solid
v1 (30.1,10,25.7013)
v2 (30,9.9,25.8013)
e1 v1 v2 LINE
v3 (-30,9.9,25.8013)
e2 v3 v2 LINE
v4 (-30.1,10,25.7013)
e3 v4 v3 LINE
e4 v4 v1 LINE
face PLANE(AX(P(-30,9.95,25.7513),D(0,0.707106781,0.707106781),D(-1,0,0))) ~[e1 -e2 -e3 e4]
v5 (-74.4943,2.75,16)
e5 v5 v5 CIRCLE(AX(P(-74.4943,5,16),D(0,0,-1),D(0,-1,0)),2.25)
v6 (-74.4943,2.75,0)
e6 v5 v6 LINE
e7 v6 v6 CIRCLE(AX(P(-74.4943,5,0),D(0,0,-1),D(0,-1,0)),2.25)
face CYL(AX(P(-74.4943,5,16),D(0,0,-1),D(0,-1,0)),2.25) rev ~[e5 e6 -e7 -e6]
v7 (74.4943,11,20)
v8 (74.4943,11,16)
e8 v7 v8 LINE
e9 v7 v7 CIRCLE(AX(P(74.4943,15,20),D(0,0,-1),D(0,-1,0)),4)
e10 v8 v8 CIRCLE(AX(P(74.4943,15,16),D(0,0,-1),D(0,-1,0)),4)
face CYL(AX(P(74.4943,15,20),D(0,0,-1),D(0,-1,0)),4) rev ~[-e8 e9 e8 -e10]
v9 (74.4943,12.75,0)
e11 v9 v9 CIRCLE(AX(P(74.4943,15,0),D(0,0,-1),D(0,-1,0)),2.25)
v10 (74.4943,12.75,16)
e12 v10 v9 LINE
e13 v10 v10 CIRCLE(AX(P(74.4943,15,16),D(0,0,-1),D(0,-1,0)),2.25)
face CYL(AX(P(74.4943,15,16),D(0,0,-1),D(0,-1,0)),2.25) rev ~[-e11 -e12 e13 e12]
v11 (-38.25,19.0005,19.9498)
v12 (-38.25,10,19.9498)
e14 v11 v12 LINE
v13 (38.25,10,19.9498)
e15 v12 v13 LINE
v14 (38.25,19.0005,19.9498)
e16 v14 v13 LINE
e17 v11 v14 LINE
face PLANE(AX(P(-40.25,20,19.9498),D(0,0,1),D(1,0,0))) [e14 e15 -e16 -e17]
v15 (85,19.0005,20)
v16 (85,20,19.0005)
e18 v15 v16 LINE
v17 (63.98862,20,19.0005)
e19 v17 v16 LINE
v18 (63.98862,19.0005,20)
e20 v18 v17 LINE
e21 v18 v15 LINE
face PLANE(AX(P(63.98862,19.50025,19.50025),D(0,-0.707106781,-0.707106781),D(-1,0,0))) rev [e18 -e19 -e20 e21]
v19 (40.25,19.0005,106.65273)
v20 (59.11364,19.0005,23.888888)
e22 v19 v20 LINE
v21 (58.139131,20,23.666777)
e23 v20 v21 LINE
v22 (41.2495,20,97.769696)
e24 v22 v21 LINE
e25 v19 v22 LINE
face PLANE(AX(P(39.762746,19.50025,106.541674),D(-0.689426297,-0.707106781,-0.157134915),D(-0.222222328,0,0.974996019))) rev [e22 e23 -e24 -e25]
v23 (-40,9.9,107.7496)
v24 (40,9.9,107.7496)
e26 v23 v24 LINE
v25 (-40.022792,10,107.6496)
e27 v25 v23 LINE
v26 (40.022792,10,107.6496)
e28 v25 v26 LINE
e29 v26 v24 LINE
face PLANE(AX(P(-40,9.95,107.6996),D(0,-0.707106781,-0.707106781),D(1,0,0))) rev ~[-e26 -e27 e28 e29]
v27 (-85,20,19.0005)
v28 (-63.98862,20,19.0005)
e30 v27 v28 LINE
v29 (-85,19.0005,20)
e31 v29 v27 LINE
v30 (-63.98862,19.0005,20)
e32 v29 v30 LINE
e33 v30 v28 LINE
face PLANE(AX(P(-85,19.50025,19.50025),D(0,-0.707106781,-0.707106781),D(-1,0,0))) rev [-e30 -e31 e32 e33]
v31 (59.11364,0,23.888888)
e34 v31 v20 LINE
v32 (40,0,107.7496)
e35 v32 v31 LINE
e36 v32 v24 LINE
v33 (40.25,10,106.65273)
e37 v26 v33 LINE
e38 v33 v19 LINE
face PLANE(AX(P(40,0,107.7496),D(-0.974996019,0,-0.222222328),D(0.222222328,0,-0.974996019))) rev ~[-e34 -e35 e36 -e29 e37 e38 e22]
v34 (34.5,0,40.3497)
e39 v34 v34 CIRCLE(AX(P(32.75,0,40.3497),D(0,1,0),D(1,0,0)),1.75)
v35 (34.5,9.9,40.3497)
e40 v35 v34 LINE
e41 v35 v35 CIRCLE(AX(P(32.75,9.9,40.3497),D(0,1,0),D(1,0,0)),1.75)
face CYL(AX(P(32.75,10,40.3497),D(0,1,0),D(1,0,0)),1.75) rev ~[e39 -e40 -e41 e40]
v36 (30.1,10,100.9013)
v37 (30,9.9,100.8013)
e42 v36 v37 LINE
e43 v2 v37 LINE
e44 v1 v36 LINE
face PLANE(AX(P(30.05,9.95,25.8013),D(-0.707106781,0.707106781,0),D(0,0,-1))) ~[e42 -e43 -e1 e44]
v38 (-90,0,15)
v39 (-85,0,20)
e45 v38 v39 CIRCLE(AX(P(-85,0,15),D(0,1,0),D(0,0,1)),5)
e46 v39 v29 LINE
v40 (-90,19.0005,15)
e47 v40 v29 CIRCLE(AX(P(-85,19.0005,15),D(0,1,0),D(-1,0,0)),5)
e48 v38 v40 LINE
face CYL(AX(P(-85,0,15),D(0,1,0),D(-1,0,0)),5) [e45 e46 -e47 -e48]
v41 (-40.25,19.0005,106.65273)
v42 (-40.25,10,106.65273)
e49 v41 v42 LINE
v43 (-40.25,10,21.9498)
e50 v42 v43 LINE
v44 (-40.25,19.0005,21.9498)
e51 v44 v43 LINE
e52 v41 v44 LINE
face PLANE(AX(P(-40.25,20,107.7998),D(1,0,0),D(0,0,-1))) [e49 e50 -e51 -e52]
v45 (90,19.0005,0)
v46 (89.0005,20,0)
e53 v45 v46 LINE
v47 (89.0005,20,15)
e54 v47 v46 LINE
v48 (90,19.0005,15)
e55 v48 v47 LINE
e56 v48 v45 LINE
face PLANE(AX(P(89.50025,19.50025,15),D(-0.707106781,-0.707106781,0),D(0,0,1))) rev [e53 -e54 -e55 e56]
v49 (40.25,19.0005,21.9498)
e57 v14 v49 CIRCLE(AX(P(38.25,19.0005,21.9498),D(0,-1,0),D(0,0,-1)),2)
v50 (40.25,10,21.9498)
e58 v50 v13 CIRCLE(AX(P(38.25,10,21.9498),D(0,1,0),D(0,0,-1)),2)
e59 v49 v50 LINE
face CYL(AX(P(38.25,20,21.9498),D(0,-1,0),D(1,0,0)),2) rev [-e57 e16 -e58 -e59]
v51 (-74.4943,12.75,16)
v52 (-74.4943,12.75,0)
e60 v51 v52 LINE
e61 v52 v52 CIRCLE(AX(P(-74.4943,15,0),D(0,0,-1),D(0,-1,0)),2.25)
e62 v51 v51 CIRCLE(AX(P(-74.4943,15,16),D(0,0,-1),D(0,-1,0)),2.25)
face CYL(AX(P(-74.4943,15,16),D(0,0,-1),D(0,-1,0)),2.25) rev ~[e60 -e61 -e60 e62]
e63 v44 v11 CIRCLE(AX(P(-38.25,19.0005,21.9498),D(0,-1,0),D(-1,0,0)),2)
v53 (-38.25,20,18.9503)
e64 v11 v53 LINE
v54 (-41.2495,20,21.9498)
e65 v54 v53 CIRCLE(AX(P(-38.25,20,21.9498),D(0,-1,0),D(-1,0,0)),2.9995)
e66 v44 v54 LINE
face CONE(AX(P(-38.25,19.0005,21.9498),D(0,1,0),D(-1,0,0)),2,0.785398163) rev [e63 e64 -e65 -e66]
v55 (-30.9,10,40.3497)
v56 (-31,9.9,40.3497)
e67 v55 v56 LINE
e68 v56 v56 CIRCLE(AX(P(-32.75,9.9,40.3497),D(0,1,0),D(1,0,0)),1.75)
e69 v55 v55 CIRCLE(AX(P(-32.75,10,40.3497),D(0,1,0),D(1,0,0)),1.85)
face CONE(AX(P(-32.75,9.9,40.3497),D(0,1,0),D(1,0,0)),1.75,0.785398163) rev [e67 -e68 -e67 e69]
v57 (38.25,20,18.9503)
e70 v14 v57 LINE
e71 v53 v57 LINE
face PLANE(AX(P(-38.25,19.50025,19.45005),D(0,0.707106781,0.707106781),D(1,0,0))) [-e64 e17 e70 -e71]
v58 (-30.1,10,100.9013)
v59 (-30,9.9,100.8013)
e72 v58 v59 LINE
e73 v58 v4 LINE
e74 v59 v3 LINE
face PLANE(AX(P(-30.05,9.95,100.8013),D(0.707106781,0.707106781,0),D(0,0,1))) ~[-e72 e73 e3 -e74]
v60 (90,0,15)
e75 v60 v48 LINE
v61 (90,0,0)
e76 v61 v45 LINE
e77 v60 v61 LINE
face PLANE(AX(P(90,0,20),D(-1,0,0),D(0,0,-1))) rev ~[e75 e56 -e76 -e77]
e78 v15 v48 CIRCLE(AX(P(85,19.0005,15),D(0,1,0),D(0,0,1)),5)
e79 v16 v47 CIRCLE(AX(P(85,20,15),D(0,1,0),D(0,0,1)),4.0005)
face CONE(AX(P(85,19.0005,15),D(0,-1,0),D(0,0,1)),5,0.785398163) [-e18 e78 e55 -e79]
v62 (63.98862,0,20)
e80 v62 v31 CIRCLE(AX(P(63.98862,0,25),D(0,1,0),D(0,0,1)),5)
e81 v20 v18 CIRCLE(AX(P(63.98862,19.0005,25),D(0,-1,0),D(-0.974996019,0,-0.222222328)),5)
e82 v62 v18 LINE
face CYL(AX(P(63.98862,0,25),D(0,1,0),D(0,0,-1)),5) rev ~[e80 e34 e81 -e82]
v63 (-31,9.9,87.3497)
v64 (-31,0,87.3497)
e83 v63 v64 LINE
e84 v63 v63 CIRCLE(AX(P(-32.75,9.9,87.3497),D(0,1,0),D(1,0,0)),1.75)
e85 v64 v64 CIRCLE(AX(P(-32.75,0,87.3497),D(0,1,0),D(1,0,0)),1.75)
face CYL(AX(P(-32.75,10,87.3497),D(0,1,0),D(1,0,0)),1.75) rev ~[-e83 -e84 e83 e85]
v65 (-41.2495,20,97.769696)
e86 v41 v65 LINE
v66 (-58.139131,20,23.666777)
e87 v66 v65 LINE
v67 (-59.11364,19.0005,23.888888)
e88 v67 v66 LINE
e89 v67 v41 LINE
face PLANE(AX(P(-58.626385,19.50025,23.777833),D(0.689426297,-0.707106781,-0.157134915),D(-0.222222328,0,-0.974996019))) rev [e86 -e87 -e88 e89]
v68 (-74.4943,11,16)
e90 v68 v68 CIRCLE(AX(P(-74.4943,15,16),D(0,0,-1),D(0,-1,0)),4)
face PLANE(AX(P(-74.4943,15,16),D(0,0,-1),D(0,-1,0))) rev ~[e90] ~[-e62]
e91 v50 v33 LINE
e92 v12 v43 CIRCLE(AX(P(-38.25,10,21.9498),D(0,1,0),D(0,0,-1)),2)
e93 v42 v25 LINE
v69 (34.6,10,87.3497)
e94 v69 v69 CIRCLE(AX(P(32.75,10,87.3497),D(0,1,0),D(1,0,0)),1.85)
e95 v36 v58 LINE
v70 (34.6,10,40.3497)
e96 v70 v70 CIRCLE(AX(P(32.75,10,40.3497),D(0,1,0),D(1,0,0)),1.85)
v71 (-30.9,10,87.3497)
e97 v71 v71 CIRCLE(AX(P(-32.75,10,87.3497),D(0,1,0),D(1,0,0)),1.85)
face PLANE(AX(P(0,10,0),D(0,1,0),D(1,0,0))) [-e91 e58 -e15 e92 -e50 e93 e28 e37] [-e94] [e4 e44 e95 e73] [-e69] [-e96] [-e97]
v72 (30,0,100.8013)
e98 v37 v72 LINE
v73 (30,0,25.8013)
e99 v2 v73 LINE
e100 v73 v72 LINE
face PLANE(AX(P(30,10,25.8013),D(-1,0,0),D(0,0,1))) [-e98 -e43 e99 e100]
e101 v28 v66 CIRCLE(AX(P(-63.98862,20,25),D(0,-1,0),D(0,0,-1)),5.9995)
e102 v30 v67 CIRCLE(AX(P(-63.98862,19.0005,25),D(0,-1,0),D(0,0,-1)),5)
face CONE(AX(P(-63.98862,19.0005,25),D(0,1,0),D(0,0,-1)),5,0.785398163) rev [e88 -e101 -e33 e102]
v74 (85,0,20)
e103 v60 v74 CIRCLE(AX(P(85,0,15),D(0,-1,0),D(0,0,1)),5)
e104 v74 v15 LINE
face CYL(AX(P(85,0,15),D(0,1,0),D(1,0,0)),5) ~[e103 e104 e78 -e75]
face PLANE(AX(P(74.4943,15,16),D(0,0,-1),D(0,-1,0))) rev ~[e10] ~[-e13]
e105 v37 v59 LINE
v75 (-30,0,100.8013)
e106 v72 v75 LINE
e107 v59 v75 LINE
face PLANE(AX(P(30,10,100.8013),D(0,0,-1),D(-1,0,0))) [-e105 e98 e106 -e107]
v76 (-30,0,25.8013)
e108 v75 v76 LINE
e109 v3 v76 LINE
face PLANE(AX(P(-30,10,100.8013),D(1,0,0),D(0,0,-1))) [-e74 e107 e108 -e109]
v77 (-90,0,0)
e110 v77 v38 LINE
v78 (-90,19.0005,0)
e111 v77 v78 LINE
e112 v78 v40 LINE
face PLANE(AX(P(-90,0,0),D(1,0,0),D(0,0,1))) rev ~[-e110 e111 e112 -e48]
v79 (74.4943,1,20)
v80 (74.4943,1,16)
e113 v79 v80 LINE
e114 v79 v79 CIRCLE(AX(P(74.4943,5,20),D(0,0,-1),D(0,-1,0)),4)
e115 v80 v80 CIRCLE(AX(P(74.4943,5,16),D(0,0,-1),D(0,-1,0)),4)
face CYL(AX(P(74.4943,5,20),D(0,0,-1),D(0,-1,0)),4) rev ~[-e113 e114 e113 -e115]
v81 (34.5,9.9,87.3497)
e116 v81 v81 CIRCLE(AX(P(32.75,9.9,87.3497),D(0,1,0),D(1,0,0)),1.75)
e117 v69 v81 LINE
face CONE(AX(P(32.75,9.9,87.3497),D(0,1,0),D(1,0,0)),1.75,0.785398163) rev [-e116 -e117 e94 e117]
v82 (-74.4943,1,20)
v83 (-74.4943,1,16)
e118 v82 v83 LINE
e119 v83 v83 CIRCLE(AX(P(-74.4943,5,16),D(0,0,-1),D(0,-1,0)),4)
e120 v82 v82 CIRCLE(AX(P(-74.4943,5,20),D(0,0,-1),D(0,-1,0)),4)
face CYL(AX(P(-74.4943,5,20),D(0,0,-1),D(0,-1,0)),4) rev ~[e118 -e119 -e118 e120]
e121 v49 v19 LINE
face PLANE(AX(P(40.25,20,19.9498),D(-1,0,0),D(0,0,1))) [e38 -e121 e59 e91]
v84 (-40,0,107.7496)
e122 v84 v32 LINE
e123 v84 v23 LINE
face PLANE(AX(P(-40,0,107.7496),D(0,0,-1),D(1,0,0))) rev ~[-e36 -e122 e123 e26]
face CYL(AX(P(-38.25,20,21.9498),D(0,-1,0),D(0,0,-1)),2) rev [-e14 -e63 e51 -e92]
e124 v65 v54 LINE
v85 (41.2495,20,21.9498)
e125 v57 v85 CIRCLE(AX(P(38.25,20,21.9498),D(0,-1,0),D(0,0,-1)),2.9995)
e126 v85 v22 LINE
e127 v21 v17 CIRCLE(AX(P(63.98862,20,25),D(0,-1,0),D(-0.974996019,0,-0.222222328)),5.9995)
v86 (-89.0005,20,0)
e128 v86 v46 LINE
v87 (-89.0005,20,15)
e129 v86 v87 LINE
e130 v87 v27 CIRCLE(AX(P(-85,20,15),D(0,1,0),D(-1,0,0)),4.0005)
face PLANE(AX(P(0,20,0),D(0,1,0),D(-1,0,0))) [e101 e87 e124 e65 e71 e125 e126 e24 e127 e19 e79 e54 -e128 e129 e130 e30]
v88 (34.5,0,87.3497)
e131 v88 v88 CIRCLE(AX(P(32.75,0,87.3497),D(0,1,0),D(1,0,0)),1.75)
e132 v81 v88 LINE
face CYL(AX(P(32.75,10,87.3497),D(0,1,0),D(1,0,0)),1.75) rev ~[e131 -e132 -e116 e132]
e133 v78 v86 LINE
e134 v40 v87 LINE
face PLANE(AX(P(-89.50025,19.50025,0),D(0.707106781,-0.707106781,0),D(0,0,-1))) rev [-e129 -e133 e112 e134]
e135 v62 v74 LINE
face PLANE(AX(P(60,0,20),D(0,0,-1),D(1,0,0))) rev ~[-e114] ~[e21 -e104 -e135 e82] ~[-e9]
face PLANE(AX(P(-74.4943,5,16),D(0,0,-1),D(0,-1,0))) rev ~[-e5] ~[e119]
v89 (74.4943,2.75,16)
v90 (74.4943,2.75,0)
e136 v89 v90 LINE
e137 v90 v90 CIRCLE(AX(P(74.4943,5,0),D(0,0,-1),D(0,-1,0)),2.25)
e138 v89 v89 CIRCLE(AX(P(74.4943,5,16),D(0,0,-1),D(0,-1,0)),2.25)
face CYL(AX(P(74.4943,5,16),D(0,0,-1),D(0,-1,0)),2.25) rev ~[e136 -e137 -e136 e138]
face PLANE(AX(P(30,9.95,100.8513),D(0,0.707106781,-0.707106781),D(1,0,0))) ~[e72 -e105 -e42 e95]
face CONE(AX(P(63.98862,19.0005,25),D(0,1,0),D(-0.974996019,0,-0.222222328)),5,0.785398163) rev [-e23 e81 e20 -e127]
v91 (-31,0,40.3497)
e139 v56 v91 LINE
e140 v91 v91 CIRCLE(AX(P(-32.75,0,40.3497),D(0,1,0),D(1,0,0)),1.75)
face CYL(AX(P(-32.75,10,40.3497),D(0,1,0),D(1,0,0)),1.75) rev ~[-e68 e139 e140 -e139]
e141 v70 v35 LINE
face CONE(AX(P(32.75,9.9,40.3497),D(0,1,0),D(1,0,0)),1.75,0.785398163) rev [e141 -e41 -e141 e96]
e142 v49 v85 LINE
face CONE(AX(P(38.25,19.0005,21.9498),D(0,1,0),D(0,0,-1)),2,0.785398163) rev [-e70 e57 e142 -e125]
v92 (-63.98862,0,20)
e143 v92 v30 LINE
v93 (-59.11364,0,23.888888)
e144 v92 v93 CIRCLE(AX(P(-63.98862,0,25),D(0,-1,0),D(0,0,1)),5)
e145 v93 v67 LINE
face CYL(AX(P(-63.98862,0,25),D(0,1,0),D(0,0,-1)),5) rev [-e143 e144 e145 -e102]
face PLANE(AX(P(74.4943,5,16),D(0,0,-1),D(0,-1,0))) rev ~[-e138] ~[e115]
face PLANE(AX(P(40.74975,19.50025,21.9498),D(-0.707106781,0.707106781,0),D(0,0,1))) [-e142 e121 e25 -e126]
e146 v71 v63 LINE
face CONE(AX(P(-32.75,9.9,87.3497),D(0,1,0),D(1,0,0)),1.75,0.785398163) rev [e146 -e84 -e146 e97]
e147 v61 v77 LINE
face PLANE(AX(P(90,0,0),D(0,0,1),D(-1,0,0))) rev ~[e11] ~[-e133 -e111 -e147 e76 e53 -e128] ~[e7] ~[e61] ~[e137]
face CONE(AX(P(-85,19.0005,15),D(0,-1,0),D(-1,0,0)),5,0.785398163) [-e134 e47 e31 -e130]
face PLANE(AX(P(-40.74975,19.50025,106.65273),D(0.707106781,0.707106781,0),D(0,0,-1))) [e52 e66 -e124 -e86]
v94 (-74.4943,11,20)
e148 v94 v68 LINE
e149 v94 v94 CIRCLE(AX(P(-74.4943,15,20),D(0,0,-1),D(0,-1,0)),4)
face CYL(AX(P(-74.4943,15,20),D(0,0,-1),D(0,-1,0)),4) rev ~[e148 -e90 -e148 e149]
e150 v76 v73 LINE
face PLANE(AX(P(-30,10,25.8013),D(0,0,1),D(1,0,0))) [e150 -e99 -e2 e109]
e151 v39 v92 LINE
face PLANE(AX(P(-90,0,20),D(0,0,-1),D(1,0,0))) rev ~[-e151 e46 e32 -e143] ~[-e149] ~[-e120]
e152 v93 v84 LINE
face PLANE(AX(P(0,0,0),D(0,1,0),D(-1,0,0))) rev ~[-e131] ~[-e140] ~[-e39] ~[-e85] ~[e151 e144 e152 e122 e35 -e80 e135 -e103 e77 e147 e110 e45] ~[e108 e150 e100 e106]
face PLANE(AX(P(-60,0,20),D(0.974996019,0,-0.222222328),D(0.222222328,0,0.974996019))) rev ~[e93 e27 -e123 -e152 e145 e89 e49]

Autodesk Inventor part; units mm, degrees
ref_plane "YZ Plane" through (0, 0, 0) normal (1, 0, 0) x (0, 1, 0)
ref_plane "XZ Plane" through (0, 0, 0) normal (0, 1, 0) x (-1, 0, 0)
ref_plane "XY Plane" through (0, 0, 0) normal (0, 0, 1) x (1, 0, 0)
sketch "Skizze1" plane through (0, 0, 0) normal (0, 1, 0) x (-1, 0, 0)
  line L0 (0, 0) -> (90, 0)
  line L1 (90, 0) -> (90, 20)
  line L2 (90, 20) -> (60, 20)
  line L3 (60, 20) -> (40, 107.7496)
  line L4 (40, 107.7496) -> (-40, 107.7496)
  line L5 (-40, 107.7496) -> (-60, 20)
  line L6 (-60, 20) -> (-90, 20)
  line L7 (-90, 20) -> (-90, 0)
  line L8 (-90, 0) -> (0, 0)
  dimension "d0" = 90
  dimension "d1" = 20
  dimension "d2" = 30
  dimension "d3" = 90
  dimension "d4" = 80
  dimension "d5" = 90
  dimension "d6" = 30
  dimension "d7" = 20
  dimension "d9" = 90
extrude "Extrusion1" add sketch "Skizze1" along normal blind 20
sketch "Skizze2" plane through (0, 20, 0) normal (0, 1, 0) x (1, 0, 0)
  line L0 (-60, -20) -> (-40, -107.7496) construction
  line L1 (-60, -20) -> (60, -20) construction
  line L2 (40.25, -107.7998) -> (-40.25, -107.7998)
  line L3 (-40.25, -107.7998) -> (-40.25, -19.9498)
  line L4 (-40.25, -19.9498) -> (40.25, -19.9498)
  line L5 (40.25, -19.9498) -> (40.25, -107.7998)
  line L6 (40.25, -107.7998) -> (-40.25, -19.9498) construction
  line L7 (-40.25, -107.7998) -> (40.25, -19.9498) construction
  point P0 (0, 0)
  point P1 (0, -63.8748)
  point P2 (0, -63.8748)
  dimension "d12" = 80.5
  dimension "d13" = 87.85
extrude "Extrusion2" cut sketch "Skizze2" against normal blind 10
sketch "Skizze3" plane through (0, 10, 0) normal (0, 1, 0) x (1, 0, 0)
  line L0 (40.25, -106.6528) -> (40, -107.7496) projected
  line L1 (40.25, -19.9498) -> (40.25, -106.6528) projected
  line L2 (-40.25, -19.9498) -> (40.25, -19.9498) projected
  line L3 (-40.25, -106.6528) -> (-40.25, -19.9498) projected
  line L4 (-40, -107.7496) -> (-40.25, -106.6528) projected
  line L5 (40, -107.7496) -> (-40, -107.7496) projected
  line L6 (30, -25.8013) -> (30, -100.8013)
  line L7 (30, -100.8013) -> (-30, -100.8013)
  line L8 (-30, -100.8013) -> (-30, -25.8013)
  line L9 (-30, -25.8013) -> (30, -25.8013)
  line L10 (30, -25.8013) -> (-30, -100.8013) construction
  line L11 (30, -100.8013) -> (-30, -25.8013) construction
  line L12 (-32.75, -100.2496) -> (-32.75, -27.4498) construction
  line L13 (-32.75, -27.4498) -> (32.75, -27.4498) construction
  line L14 (32.75, -27.4498) -> (32.75, -100.2496) construction
  line L15 (32.75, -100.2496) -> (-32.75, -100.2496) construction
  line L16 (-32.75, -63.8497) -> (-32.75, -40.3497) construction
  line L17 (-32.75, -63.8497) -> (-32.75, -87.3497) construction
  line L18 (-32.75, -87.3497) -> (32.75, -87.3497) construction
  line L19 (-32.75, -40.3497) -> (32.75, -40.3497) construction
  circle A0 centre (-32.75, -87.3497) radius 1.75
  circle A1 centre (-32.75, -40.3497) radius 1.75
  circle A2 centre (32.75, -40.3497) radius 1.75
  circle A3 centre (32.75, -87.3497) radius 1.75
  point P0 (0, 0)
  point P1 (0, -63.3013)
  point P2 (0, -63.3013)
  dimension "d16" = 75
  dimension "d17" = 60
  dimension "d18" = 7.5
  dimension "d19" = 23.5
  dimension "d20" = 23.5
  dimension "d21" = 3.5
  dimension "d22" = 3.5
  dimension "d23" = 3.5
  dimension "d24" = 3.5
extrude "Extrusion3" cut sketch "Skizze3" against normal blind 10 contours L6 L7 L8 L9 | A0 | A1 | A2 | A3
fillet "Rundung1" radius 5 4 edges at (-90, 10, 20) (90, 10, 20) (60, 10, 20) (-60, 10, 20)
fillet "Rundung2" radius 2 2 edges at (-40.25, 15, 19.9498) (40.25, 15, 19.9498)
sketch "Skizze4" plane through (-85, 0, 20) normal (0, 0, 1) x (1, 0, 0)
  line L0 (21.0114, 20) -> (21.0114, 0) construction
  line L1 (0, 20) -> (21.0114, 20) construction
  line L2 (0, 0) -> (0, 20) construction
  line L3 (0, 0) -> (21.0114, 0) construction
  line L4 (0, 0) -> (0, 20) construction
  line L5 (148.9886, 0) -> (148.9886, 20) construction
  line L6 (148.9886, 0) -> (170, 0) construction
  line L7 (170, 20) -> (170, 0) construction
  line L8 (148.9886, 20) -> (170, 20) construction
  line L9 (175, 20) -> (-5, 20) construction
  line L10 (159.4943, 20) -> (159.4943, 0) construction
  line L11 (148.9886, 10) -> (170, 10) construction
  line L12 (170, 20) -> (170, 0) construction
  line L13 (148.9886, 10) -> (159.4943, 20) construction
  line L14 (148.9886, 0) -> (148.9886, 20) construction
  line L15 (148.9886, 20) -> (159.4943, 10) construction
  line L16 (154.2415, 15) -> (159.4943, 15) construction
  line L17 (148.9886, 10) -> (159.4943, 0) construction
  line L18 (159.4943, 10) -> (148.9886, 0) construction
  line L19 (154.2415, 5) -> (159.4943, 5) construction
  line L20 (10.5057, 20) -> (10.5057, 0) construction
  line L21 (0, 20) -> (10.5057, 10) construction
  line L22 (10.5057, 20) -> (0, 10) construction
  line L23 (0, 10) -> (10.5057, 0) construction
  line L24 (10.5057, 10) -> (0, 0) construction
  line L25 (5.2528, 5) -> (10.5057, 5) construction
  line L26 (5.2528, 15) -> (10.5057, 15) construction
  point P0 (85, 0)
hole "Bohrung1" at (74.4943, 15, 20) at (74.4943, 5, 20) at (-74.4943, 15, 20) at (-74.4943, 5, 20) direction (0, 0, -1) diameter 4.5 end through all counterbore diameter 8 counterbore depth 4 clearance for "Innensechskantkopfschraube" size "M4" standard "ANSI Metrisches M Profil"
chamfer "Fase1" distance 0.1 angle 45 8 edges at (-30, 10, 63.3013) (0, 10, 25.8013) (0, 10, 100.8013) (30, 10, 63.3013) (31, 10, 40.3497) (31, 10, 87.3497) (-34.5, 10, 40.3497) (-34.5, 10, 87.3497)
chamfer "Fase2" distance 1 angle 45 13 edges at (-40.25, 20, 64.3013) (-39.6642, 20, 20.5356) (0, 20, 19.9498) (39.6642, 20, 20.5356) (40.25, 20, 64.3013) (-49.6818, 20, 65.2708) (-74.4943, 20, 20) (-88.5355, 20, 18.5355) (-90, 20, 7.5) (49.6818, 20, 65.2708) (74.4943, 20, 20) (88.5355, 20, 18.5355) (90, 20, 7.5)
chamfer "Fase3" distance 0.1 angle 45 1 edges at (0, 10, 107.7496)
thread "Gewinde1" size "M4x0.7" class "6H" standard "ISO Metric profile" full length
thread "Gewinde2" size "M4x0.7" class "6H" standard "ISO Metric profile" full length
thread "Gewinde3" size "M4x0.7" class "6H" standard "ISO Metric profile" full length
thread "Gewinde4" size "M4x0.7" class "6H" standard "ISO Metric profile" full length
properties part number "Z-Motorhalter" material "Aluminium 6061"
